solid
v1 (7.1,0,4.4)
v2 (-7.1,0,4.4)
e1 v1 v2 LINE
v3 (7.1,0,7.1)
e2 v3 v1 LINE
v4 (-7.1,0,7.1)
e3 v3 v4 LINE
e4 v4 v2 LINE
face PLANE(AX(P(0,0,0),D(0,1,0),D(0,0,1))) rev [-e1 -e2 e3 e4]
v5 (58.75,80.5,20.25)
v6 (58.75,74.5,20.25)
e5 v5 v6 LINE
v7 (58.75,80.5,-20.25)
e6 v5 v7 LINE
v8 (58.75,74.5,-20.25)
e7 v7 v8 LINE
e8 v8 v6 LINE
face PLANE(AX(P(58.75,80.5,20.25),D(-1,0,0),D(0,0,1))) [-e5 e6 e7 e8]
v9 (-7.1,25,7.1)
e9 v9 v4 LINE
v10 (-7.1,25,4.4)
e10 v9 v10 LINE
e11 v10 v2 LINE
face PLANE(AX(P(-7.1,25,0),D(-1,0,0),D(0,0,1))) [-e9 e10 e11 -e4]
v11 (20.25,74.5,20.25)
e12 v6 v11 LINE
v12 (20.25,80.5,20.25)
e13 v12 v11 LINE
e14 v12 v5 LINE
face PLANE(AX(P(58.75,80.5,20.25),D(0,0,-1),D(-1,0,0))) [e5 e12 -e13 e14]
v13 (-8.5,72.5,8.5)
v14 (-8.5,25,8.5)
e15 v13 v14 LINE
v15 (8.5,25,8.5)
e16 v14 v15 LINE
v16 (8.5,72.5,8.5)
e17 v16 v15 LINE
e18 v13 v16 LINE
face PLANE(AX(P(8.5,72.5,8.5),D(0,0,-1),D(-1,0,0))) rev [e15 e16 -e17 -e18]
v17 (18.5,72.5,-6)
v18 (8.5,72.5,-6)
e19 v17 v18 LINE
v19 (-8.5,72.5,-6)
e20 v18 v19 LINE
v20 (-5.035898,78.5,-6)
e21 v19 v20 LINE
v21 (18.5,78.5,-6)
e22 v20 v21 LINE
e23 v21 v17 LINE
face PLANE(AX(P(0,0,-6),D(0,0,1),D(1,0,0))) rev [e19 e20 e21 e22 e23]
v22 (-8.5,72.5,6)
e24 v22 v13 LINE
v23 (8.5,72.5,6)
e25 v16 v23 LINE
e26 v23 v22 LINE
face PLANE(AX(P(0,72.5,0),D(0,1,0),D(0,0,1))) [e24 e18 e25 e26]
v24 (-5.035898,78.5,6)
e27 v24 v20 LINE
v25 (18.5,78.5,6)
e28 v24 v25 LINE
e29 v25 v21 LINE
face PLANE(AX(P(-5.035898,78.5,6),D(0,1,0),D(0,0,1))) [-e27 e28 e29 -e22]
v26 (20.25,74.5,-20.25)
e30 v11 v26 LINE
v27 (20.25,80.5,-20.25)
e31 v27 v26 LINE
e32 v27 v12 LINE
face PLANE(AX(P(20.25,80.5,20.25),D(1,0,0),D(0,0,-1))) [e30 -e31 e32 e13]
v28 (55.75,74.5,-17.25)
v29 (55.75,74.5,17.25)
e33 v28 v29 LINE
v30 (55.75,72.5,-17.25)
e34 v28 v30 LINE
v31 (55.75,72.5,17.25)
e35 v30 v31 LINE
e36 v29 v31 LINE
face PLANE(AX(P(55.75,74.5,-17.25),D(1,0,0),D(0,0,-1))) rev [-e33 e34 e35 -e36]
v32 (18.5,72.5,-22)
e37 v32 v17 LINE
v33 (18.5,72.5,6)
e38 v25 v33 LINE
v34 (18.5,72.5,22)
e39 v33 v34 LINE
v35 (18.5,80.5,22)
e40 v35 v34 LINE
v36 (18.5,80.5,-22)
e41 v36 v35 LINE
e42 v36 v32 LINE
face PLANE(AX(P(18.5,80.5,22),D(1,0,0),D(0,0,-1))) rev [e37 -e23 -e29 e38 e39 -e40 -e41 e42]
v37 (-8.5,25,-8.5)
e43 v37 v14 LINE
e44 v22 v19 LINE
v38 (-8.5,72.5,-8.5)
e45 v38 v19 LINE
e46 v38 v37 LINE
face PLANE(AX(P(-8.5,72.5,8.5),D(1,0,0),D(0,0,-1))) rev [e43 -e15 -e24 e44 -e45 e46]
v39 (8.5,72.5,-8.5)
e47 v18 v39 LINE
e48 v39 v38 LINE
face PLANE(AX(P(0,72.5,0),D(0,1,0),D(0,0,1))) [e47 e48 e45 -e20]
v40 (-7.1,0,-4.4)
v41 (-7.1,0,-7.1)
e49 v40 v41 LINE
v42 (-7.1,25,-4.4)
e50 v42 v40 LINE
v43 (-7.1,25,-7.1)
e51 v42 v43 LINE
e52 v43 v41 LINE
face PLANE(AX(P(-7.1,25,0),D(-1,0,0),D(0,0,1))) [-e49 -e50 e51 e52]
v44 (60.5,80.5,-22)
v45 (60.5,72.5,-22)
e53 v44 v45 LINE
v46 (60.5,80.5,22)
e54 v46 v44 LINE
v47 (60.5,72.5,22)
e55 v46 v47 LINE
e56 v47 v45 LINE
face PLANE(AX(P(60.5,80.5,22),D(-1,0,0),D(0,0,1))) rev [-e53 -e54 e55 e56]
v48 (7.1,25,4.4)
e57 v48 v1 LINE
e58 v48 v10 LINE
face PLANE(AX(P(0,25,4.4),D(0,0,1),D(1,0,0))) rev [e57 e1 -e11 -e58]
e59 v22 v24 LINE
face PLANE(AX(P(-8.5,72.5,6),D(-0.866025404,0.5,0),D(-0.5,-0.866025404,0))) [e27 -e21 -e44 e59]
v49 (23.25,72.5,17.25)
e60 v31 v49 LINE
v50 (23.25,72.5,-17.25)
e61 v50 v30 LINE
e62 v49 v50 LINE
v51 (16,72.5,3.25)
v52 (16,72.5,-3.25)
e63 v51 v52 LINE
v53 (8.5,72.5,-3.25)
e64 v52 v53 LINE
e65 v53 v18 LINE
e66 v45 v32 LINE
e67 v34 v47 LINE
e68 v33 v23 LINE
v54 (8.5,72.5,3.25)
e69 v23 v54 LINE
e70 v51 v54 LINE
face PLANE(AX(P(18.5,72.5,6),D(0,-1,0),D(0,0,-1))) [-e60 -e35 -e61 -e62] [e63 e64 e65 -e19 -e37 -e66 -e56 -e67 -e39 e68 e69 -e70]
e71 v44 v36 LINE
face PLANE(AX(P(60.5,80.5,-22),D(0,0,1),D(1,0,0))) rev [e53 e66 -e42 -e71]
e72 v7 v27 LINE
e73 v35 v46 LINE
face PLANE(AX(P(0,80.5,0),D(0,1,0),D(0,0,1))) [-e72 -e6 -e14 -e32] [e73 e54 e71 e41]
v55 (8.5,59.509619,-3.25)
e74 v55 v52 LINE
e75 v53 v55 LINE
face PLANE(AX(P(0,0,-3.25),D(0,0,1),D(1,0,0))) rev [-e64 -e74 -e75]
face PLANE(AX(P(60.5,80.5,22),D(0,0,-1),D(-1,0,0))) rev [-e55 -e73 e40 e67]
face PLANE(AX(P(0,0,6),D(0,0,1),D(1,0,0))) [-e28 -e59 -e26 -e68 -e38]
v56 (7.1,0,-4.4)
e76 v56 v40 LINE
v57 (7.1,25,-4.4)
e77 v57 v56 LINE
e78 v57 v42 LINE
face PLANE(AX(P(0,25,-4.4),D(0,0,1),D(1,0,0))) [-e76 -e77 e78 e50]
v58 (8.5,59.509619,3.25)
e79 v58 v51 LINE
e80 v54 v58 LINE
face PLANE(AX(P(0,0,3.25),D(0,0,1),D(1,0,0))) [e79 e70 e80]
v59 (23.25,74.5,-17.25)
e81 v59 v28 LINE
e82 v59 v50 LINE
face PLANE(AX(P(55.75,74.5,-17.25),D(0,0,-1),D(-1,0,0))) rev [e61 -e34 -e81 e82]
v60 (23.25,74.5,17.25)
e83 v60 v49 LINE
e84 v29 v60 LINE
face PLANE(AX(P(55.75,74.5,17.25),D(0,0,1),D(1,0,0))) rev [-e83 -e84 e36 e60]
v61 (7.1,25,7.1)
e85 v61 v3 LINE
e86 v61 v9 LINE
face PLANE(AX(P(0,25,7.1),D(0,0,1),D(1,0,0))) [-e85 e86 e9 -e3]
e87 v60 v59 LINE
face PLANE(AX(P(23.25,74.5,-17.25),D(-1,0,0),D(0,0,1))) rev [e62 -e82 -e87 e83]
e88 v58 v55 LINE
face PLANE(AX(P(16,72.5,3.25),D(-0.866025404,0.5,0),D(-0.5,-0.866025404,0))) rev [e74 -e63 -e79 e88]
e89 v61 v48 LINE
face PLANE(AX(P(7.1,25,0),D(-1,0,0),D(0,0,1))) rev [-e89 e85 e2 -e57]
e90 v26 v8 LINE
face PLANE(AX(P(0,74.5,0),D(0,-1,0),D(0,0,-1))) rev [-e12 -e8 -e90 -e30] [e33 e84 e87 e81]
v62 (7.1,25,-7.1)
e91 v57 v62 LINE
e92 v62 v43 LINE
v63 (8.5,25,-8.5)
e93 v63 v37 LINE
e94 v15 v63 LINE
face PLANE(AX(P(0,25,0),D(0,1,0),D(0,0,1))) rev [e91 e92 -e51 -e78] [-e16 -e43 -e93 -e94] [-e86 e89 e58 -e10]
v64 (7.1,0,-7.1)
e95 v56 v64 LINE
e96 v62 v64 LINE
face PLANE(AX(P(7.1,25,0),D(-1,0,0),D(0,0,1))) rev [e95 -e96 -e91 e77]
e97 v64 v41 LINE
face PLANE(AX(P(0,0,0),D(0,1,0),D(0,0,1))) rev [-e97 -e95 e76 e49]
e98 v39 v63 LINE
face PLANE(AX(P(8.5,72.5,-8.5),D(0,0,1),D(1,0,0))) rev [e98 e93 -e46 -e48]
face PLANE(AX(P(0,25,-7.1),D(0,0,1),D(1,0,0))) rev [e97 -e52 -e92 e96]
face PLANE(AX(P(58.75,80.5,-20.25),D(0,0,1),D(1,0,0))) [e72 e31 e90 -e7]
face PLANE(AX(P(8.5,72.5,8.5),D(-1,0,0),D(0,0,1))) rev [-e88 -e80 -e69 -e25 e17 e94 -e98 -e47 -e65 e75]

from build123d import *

# Parameters (mm, degrees)
SKETCH1_W                = 14.2
SKETCH1_H                = 2.7
BOSS_EXTRUDE1_DEPTH      = 25
BOSS_EXTRUDE1_2_DEPTH    = 25
SKETCH2_W                = 17
SKETCH2_H                = 17
BOSS_EXTRUDE2_DEPTH      = 47.5
BOSS_EXTRUDE4_DEPTH      = 6
SKETCH6_W                = 42
SKETCH6_H                = 44
SKETCH6_W_2              = 38.5
SKETCH6_H_2              = 40.5
BOSS_EXTRUDE5_DEPTH      = 2
BOSS_EXTRUDE5_DEPTH_BACK = 6
SKETCH7_W                = 38.5
SKETCH7_H                = 40.5
SKETCH7_W_2              = 32.5
SKETCH7_H_2              = 34.5
BOSS_EXTRUDE6_DEPTH      = 2
BOSS_EXTRUDE7_DEPTH      = 3.25


with BuildPart() as part:
    # Sketch1 → Boss-Extrude1 (new body)
    with BuildSketch(Plane(origin=(0, 0, 0), x_dir=(1, 0, 0), z_dir=(0, 1, 0))):
        with Locations((0, -5.75)):
            Rectangle(SKETCH1_W, SKETCH1_H)
    extrude(amount=BOSS_EXTRUDE1_DEPTH)



with BuildPart() as body_2:
    # Sketch1 → Boss-Extrude1 2 (new body)
    with BuildSketch(Plane(origin=(0, 0, 0), x_dir=(1, 0, 0), z_dir=(0, 1, 0))):
        with Locations((0, 5.75)):
            Rectangle(SKETCH1_W, SKETCH1_H)
    extrude(amount=BOSS_EXTRUDE1_2_DEPTH)


with BuildPart() as part_1:
    add(part.part)

    add(body_2.part)  # Boss-Extrude2 merges body 2
    # Sketch2 → Boss-Extrude2 (add)
    with BuildSketch(Plane(origin=(0, 25, 0), x_dir=(1, 0, 0), z_dir=(0, 1, 0))):
        Rectangle(SKETCH2_W, SKETCH2_H)
    extrude(amount=BOSS_EXTRUDE2_DEPTH)

    # Sketch5 → Boss-Extrude4 (add, symmetric)
    with BuildSketch(Plane.XY):
        Polygon((-8.5, 72.5), (-5.035898385, 78.5), (18.5, 78.5), (18.5, 72.5), align=None)
    extrude(amount=BOSS_EXTRUDE4_DEPTH, both=True)

    # Sketch6 → Boss-Extrude5 (add, two sides)
    with BuildSketch(Plane(origin=(0, 78.5, 0), x_dir=(1, 0, 0), z_dir=(0, 1, 0))) as boss_extrude5_sk:
        with Locations((39.5, 0)):
            Rectangle(SKETCH6_W, SKETCH6_H)
        with Locations((39.5, 0)):
            Rectangle(SKETCH6_W_2, SKETCH6_H_2, mode=Mode.SUBTRACT)
    extrude(amount=BOSS_EXTRUDE5_DEPTH)
    extrude(boss_extrude5_sk.sketch, amount=-BOSS_EXTRUDE5_DEPTH_BACK)

    # Sketch7 → Boss-Extrude6 (add)
    with BuildSketch(Plane.XZ.offset(-72.5)):
        with Locations((39.5, 0)):
            Rectangle(SKETCH7_W, SKETCH7_H)
        with Locations((39.5, 0)):
            Rectangle(SKETCH7_W_2, SKETCH7_H_2, mode=Mode.SUBTRACT)
    extrude(amount=-BOSS_EXTRUDE6_DEPTH)

    # Sketch8 → Boss-Extrude7 (add, symmetric)
    with BuildSketch(Plane.XY):
        Polygon((16, 72.5), (8.5, 59.509618943), (8.5, 72.5), align=None)
    extrude(amount=BOSS_EXTRUDE7_DEPTH, both=True)


solid = part_1.part
